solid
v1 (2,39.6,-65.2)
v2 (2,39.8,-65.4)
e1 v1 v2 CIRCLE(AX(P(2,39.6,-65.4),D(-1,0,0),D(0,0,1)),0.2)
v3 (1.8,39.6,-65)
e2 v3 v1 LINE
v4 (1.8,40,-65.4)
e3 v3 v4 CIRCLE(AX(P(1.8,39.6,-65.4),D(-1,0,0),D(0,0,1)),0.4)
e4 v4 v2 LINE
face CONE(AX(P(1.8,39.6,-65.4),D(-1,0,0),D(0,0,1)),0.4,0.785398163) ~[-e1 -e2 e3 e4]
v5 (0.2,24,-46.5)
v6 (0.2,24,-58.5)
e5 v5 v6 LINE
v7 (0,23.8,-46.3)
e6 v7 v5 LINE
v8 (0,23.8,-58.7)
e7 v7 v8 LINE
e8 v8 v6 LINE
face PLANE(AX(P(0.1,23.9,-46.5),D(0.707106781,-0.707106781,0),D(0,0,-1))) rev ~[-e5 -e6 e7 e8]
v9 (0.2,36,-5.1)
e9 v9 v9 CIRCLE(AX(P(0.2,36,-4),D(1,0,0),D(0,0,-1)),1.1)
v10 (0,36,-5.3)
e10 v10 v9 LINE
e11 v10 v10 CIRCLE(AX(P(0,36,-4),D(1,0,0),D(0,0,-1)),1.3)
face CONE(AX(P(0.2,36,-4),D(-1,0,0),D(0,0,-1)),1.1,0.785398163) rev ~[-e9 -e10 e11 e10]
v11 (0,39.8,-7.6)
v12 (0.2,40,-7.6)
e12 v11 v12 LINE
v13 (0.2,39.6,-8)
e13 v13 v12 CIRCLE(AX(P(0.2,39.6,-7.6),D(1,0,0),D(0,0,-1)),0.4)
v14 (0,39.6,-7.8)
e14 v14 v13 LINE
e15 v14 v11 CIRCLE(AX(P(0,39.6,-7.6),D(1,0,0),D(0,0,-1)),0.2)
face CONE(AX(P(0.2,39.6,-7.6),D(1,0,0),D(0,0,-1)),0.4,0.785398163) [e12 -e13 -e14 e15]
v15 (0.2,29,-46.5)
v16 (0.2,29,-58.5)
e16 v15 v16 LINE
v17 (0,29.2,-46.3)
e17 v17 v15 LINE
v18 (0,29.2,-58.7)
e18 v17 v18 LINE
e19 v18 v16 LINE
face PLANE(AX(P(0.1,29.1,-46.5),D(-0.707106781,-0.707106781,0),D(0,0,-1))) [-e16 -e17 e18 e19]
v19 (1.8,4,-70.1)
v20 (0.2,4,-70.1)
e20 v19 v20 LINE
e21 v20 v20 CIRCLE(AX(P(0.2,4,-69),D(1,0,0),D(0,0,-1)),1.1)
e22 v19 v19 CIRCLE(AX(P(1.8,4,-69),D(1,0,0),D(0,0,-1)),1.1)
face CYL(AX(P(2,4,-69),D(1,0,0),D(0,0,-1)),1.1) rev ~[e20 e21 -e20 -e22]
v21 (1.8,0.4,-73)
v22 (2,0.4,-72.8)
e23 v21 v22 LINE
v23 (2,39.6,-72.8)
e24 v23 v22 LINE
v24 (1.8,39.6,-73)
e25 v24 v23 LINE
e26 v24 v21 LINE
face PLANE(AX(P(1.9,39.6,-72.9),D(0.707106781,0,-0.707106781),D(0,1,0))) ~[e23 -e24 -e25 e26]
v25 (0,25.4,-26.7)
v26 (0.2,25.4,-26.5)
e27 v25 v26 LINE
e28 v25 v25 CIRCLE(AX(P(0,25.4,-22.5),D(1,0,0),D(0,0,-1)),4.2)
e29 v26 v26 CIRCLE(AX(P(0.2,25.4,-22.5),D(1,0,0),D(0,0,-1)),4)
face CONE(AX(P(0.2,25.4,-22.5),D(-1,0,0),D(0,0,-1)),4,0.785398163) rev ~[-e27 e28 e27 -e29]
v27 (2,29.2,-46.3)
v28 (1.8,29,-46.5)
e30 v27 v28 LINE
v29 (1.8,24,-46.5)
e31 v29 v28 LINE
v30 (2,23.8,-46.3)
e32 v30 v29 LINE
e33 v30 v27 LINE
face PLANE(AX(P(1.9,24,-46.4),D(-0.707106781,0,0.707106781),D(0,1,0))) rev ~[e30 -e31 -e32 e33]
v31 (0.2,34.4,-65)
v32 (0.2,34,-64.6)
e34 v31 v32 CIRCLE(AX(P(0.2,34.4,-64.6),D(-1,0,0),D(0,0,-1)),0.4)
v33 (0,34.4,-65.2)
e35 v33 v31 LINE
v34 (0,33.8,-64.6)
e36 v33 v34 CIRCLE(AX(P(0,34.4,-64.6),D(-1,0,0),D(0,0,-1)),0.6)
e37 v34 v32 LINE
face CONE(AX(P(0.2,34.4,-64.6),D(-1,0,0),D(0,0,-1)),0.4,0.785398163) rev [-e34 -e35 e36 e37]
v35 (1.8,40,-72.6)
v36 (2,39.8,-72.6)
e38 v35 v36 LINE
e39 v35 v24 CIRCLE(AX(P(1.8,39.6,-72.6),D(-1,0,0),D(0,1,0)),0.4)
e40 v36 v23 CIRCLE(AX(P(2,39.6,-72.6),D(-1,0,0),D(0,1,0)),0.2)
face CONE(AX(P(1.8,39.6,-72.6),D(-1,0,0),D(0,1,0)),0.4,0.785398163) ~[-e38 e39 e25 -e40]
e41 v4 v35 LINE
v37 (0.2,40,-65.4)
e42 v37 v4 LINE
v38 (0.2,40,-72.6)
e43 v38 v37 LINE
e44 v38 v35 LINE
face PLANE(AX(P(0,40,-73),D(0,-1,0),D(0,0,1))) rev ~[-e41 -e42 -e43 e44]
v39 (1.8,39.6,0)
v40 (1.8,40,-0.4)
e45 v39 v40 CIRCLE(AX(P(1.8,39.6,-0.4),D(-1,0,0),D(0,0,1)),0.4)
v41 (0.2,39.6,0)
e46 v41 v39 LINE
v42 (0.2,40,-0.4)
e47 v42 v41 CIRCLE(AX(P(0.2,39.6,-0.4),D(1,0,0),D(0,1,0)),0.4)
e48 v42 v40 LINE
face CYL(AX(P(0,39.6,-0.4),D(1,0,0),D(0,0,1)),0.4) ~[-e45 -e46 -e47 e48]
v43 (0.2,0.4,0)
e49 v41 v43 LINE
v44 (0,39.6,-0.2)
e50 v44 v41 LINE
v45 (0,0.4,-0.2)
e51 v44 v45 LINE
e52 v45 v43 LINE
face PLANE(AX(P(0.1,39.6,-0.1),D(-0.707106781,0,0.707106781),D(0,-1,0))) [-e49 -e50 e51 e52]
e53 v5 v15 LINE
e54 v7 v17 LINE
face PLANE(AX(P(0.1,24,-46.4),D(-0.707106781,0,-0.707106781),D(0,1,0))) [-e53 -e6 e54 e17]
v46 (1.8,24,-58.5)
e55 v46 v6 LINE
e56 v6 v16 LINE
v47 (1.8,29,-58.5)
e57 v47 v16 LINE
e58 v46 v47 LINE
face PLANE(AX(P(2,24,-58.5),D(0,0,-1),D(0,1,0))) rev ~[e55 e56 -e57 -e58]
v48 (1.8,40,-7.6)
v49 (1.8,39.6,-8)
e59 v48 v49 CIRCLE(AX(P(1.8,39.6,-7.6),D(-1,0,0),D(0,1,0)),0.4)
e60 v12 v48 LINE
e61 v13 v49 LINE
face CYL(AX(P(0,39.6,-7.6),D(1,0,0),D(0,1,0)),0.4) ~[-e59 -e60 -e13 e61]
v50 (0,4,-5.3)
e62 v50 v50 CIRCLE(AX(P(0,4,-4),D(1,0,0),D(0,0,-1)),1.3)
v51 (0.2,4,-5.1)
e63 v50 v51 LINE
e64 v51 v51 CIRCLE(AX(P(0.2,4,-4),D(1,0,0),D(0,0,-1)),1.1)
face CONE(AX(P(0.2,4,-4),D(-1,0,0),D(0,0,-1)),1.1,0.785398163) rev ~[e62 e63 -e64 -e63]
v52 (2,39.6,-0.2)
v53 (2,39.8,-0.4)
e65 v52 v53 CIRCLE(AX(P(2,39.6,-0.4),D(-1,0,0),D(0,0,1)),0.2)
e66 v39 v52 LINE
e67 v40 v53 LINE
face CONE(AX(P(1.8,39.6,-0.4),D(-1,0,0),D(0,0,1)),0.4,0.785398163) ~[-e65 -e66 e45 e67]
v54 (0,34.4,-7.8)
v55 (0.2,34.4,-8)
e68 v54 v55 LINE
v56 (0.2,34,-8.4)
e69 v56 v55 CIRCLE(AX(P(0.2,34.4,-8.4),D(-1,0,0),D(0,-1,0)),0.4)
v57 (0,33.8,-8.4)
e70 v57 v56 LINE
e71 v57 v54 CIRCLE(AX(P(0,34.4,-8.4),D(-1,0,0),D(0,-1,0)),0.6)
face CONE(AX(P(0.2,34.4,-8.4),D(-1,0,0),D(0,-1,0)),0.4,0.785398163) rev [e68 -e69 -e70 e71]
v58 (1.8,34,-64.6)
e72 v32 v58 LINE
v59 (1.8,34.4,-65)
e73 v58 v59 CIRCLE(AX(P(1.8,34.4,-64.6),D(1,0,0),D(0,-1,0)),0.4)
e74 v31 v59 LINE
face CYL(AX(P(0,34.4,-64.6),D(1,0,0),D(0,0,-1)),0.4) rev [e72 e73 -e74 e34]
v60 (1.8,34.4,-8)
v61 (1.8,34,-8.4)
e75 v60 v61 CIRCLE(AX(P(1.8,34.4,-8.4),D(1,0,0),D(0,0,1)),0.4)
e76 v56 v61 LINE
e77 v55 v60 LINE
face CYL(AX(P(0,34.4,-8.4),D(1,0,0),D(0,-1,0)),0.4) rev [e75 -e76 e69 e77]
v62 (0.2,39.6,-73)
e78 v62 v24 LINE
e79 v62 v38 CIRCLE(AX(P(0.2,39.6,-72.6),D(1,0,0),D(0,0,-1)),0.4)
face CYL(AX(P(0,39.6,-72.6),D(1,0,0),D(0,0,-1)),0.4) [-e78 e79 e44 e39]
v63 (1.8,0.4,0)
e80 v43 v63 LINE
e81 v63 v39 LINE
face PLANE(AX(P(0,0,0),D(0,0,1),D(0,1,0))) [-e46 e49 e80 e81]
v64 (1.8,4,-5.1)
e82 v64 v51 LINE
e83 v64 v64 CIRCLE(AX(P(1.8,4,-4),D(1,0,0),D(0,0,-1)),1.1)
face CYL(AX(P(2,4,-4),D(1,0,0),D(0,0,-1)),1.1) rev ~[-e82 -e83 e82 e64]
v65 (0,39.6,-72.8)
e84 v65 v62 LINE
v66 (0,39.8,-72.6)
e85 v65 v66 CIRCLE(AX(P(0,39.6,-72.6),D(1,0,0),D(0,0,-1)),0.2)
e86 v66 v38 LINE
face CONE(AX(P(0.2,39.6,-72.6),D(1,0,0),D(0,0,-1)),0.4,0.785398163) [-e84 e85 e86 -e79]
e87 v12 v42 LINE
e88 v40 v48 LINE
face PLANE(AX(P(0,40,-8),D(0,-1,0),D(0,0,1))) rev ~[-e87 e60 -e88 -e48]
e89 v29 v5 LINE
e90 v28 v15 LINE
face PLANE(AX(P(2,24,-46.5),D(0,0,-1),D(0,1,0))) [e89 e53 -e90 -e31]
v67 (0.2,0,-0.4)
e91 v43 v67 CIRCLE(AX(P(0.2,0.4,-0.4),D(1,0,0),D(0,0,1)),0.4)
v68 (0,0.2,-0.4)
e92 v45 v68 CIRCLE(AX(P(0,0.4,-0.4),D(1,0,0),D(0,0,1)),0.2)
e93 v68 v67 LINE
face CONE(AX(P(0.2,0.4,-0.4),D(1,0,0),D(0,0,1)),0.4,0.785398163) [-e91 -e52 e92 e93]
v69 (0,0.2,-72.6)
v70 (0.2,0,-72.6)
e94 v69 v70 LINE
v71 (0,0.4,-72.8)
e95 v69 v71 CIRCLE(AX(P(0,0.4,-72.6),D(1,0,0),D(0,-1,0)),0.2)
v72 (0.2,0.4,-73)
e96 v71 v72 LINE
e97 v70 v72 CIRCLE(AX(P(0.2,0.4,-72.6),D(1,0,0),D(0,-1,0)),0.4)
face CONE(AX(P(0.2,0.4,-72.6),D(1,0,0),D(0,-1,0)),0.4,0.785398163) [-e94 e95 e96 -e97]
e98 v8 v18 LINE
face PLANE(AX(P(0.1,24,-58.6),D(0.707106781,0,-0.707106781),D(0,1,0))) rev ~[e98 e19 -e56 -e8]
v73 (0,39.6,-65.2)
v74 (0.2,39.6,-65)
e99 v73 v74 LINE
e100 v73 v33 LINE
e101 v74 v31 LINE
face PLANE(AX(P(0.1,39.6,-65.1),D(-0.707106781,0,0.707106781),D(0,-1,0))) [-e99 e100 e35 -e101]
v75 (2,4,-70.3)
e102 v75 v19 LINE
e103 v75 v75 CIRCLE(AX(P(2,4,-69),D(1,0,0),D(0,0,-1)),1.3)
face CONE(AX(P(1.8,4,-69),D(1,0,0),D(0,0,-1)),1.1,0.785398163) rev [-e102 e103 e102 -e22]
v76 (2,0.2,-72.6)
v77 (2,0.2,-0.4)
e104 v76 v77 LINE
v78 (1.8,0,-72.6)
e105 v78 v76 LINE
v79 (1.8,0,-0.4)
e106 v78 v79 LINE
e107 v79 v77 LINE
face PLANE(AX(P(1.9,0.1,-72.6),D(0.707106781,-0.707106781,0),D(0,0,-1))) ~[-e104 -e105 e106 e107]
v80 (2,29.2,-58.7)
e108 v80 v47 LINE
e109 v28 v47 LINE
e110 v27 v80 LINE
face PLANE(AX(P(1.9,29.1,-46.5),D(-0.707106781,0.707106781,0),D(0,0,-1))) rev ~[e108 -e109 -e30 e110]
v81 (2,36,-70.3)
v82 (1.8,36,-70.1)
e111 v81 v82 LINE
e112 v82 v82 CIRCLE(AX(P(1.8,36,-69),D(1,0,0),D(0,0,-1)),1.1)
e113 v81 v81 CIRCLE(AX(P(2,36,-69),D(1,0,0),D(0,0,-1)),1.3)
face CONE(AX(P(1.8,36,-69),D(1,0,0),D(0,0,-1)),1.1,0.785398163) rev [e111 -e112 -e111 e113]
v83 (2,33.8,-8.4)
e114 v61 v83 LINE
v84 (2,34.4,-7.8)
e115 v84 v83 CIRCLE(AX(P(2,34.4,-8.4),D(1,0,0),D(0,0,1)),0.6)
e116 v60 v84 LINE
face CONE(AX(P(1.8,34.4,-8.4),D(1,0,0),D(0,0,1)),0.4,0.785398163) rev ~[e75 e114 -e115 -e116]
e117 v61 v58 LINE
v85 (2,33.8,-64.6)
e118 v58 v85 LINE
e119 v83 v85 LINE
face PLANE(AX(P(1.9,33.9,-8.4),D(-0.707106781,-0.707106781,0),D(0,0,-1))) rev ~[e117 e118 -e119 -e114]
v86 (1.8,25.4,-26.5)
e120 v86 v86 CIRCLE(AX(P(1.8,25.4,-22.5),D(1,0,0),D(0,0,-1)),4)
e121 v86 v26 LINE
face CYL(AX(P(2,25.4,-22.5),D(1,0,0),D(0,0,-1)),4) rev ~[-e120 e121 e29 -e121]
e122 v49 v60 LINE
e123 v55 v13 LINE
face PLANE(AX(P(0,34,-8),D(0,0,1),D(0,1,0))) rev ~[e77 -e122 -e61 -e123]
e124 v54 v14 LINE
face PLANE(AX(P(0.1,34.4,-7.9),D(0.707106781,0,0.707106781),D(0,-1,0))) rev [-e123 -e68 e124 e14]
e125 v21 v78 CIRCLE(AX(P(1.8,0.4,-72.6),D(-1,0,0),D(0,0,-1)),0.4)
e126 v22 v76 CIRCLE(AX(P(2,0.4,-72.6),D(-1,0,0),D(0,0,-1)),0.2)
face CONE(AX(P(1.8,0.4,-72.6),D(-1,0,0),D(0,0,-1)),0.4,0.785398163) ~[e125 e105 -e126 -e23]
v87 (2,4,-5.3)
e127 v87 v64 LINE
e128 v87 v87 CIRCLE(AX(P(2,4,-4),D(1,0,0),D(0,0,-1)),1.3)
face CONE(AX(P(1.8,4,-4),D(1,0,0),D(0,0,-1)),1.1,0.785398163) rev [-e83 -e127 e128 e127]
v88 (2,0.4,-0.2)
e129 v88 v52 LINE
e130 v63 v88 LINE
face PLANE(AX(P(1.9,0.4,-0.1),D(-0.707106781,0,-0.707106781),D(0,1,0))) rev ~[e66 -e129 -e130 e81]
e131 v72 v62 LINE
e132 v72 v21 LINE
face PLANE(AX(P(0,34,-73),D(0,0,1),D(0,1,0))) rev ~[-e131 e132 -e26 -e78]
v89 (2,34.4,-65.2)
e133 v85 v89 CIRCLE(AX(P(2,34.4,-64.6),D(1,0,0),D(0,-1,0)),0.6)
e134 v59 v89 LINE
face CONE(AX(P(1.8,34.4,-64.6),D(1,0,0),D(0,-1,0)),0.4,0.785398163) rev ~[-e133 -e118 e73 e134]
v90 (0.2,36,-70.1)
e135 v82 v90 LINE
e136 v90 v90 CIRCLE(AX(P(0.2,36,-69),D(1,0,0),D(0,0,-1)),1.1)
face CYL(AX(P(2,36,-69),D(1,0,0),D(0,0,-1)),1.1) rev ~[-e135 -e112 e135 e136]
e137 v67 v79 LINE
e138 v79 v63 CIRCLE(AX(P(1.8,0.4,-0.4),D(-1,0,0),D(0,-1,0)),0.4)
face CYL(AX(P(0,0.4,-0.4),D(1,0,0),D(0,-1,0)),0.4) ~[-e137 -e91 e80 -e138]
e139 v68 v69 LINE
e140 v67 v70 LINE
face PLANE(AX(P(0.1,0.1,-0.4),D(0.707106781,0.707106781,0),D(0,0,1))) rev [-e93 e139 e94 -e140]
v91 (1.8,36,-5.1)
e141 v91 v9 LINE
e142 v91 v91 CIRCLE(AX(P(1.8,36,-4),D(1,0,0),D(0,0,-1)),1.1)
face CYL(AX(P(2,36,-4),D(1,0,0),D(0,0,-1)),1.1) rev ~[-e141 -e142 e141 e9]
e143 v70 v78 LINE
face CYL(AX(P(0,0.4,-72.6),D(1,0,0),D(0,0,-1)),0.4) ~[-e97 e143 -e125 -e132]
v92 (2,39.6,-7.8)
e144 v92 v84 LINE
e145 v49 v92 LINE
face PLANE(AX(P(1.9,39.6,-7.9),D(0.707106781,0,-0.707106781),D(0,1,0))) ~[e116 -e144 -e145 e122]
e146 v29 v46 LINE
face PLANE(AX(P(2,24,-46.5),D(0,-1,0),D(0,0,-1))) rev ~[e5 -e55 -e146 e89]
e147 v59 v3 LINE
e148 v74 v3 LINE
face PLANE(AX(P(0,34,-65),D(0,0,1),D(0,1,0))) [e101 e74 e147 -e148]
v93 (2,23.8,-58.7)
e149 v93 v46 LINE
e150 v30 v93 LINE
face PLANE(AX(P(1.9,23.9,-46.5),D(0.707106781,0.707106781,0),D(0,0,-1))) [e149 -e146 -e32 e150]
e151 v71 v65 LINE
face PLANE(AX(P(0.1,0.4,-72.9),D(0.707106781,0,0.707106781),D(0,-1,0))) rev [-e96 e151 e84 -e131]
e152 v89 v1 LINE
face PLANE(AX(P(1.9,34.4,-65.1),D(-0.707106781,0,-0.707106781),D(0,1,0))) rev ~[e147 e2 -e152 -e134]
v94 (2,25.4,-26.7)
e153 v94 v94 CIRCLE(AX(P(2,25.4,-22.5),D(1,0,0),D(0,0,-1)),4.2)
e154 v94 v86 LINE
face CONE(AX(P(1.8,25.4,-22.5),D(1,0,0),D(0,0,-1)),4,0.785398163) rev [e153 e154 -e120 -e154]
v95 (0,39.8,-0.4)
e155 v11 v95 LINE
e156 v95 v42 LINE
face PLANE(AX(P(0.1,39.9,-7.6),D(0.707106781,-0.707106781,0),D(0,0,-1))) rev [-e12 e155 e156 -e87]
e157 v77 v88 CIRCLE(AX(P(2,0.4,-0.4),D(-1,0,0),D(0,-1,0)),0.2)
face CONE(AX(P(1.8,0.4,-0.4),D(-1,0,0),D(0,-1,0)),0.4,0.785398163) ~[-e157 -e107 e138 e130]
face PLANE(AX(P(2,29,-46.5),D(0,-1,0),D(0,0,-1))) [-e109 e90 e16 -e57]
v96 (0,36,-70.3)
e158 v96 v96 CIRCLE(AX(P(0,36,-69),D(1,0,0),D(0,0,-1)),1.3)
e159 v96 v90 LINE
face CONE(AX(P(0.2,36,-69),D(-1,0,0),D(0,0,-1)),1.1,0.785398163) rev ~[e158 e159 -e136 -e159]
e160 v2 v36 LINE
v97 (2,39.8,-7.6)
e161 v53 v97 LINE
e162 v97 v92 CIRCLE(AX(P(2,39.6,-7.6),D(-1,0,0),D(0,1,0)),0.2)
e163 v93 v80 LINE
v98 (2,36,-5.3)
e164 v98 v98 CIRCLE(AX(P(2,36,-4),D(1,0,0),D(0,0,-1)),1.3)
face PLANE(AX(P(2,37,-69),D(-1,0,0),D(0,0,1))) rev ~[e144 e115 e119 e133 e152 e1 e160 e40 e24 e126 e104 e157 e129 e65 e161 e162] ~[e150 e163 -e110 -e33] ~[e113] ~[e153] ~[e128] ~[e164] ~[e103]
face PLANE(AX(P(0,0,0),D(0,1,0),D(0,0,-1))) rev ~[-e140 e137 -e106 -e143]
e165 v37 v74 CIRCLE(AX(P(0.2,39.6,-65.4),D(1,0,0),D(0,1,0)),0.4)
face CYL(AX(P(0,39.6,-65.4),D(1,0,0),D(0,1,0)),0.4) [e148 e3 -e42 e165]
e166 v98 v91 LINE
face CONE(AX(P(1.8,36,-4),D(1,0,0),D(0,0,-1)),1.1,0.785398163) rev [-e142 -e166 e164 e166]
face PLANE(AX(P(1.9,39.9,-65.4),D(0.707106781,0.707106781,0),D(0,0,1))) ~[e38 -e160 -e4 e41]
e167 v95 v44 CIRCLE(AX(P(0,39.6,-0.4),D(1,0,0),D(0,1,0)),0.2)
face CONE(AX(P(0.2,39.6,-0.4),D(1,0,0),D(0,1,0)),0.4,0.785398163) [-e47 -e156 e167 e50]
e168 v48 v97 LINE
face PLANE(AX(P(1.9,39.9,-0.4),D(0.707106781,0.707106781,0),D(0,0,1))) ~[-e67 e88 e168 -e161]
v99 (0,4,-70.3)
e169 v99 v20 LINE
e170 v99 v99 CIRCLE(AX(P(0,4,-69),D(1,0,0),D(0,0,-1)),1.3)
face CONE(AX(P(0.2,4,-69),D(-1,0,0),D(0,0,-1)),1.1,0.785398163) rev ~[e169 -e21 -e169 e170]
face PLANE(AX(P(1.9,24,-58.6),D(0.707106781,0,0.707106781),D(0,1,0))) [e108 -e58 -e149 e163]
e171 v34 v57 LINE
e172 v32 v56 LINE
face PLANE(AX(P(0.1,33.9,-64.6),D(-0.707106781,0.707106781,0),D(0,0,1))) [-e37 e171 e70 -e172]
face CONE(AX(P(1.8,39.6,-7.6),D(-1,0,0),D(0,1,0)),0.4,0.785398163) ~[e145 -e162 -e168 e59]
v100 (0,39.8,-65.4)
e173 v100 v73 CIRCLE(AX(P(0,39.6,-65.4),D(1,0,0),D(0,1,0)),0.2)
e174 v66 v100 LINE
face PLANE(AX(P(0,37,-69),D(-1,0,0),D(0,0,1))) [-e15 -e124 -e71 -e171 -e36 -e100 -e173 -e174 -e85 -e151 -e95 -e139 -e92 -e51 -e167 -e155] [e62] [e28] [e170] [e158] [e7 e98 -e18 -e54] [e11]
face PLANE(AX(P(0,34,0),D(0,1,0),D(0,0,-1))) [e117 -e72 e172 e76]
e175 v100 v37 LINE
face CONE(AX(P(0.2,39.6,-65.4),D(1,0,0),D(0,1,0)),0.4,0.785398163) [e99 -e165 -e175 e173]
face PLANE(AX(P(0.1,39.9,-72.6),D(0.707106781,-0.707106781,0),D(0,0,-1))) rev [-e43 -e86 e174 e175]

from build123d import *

# Parameters (mm, degrees)
SKETCH_1_W          = 73
SKETCH_1_H          = 34
EXTRUDE_1_DEPTH     = 2
SKETCH_2_R          = 4
SKETCH_2_W          = 12
SKETCH_2_H          = 5
CUT_EXTRUDE_1_DEPTH = 2
SKETCH_3_W          = 8
SKETCH_3_H          = 6
EXTRUDE_2_DEPTH     = 2
SKETCH_4_R          = 1.1
CUT_EXTRUDE_2_DEPTH = 2
FILLET_1_R          = 0.4
CHAMFER_1_SIZE      = 0.2


with BuildPart() as part:
    # 草图1 → 凸台-拉伸1 (new body)
    with BuildSketch(Plane(origin=(0, 0, 0), x_dir=(0, 0, -1), z_dir=(1, 0, 0))):
        with Locations((36.5, 17)):
            Rectangle(SKETCH_1_W, SKETCH_1_H)
    extrude(amount=EXTRUDE_1_DEPTH)

    # 草图2 → 切除-拉伸1 (cut)
    with BuildSketch(Plane(origin=(2, 0, 0), x_dir=(0, 0, -1), z_dir=(1, 0, 0))):
        with Locations((22.5, 25.4)):
            Circle(SKETCH_2_R)
        with Locations((52.5, 26.5)):
            Rectangle(SKETCH_2_W, SKETCH_2_H)
    extrude(amount=-CUT_EXTRUDE_1_DEPTH, mode=Mode.SUBTRACT)

    # 草图3 → 凸台-拉伸2 (add)
    with BuildSketch(Plane.ZY):
        with Locations((-69, 37)):
            Rectangle(SKETCH_3_W, SKETCH_3_H)
        with Locations((-4, 37)):
            Rectangle(SKETCH_3_W, SKETCH_3_H)
    extrude(amount=-EXTRUDE_2_DEPTH)

    # 草图4 → 切除-拉伸2 (cut)
    with BuildSketch(Plane(origin=(2, 0, 0), x_dir=(0, 0, -1), z_dir=(1, 0, 0))):
        with Locations((4, 36)):
            Circle(SKETCH_4_R)
        with Locations((69, 36)):
            Circle(SKETCH_4_R)
        with Locations((69, 4)):
            Circle(SKETCH_4_R)
        with Locations((4, 4)):
            Circle(SKETCH_4_R)
    extrude(amount=-CUT_EXTRUDE_2_DEPTH, mode=Mode.SUBTRACT)

    # 圆角1
    fillet_1_edges = [part.edges().sort_by_distance(p)[0] for p in [
        (1, 40, -73),
        (1, 40, -65),
        (1, 34, -65),
        (1, 40, 0),
        (1, 34, -8),
        (1, 40, -8),
        (1, 0, -73),
        (1, 0, 0),
    ]]
    fillet(fillet_1_edges, radius=FILLET_1_R)

    # 倒角1
    chamfer_1_edges = [part.edges().sort_by_distance(p)[0] for p in [
        (2, 0.117157288, -72.882842712),
        (2, 39.882842712, -72.882842712),
        (2, 39.882842712, -65.117157288),
        (2, 39.882842712, -7.882842712),
        (2, 39.882842712, -0.117157288),
        (0, 34.117157288, -8.117157288),
        (2, 34.117157288, -8.117157288),
        (0, 34.117157288, -64.882842712),
        (2, 34.117157288, -64.882842712),
        (0, 26.5, -46.5),
        (0, 29, -52.5),
        (0, 26.5, -58.5),
        (0, 24, -52.5),
        (2, 26.5, -46.5),
        (2, 24, -52.5),
        (2, 26.5, -58.5),
        (2, 29, -52.5),
        (0, 25.4, -18.5),
        (2, 25.4, -18.5),
        (0, 4, -2.9),
        (2, 4, -2.9),
        (0, 4, -67.9),
        (2, 4, -67.9),
        (0, 36, -67.9),
        (2, 36, -67.9),
        (0, 36, -2.9),
        (2, 36, -2.9),
        (0, 20, 0),
        (2, 20, 0),
        (0, 40, -4),
        (0, 37, -8),
        (0, 34, -36.5),
        (0, 37, -65),
        (0, 40, -69),
        (0, 20, -73),
        (0, 0, -36.5),
        (0, 0.117157288, -0.117157288),
        (0, 0.117157288, -72.882842712),
        (0, 39.882842712, -72.882842712),
        (0, 39.882842712, -65.117157288),
        (0, 39.882842712, -7.882842712),
        (0, 39.882842712, -0.117157288),
        (2, 40, -4),
        (2, 0, -36.5),
        (2, 20, -73),
        (2, 40, -69),
        (2, 37, -65),
        (2, 34, -36.5),
        (2, 37, -8),
        (2, 0.117157288, -0.117157288),
    ]]
    chamfer(chamfer_1_edges, length=CHAMFER_1_SIZE)


solid = part.part
